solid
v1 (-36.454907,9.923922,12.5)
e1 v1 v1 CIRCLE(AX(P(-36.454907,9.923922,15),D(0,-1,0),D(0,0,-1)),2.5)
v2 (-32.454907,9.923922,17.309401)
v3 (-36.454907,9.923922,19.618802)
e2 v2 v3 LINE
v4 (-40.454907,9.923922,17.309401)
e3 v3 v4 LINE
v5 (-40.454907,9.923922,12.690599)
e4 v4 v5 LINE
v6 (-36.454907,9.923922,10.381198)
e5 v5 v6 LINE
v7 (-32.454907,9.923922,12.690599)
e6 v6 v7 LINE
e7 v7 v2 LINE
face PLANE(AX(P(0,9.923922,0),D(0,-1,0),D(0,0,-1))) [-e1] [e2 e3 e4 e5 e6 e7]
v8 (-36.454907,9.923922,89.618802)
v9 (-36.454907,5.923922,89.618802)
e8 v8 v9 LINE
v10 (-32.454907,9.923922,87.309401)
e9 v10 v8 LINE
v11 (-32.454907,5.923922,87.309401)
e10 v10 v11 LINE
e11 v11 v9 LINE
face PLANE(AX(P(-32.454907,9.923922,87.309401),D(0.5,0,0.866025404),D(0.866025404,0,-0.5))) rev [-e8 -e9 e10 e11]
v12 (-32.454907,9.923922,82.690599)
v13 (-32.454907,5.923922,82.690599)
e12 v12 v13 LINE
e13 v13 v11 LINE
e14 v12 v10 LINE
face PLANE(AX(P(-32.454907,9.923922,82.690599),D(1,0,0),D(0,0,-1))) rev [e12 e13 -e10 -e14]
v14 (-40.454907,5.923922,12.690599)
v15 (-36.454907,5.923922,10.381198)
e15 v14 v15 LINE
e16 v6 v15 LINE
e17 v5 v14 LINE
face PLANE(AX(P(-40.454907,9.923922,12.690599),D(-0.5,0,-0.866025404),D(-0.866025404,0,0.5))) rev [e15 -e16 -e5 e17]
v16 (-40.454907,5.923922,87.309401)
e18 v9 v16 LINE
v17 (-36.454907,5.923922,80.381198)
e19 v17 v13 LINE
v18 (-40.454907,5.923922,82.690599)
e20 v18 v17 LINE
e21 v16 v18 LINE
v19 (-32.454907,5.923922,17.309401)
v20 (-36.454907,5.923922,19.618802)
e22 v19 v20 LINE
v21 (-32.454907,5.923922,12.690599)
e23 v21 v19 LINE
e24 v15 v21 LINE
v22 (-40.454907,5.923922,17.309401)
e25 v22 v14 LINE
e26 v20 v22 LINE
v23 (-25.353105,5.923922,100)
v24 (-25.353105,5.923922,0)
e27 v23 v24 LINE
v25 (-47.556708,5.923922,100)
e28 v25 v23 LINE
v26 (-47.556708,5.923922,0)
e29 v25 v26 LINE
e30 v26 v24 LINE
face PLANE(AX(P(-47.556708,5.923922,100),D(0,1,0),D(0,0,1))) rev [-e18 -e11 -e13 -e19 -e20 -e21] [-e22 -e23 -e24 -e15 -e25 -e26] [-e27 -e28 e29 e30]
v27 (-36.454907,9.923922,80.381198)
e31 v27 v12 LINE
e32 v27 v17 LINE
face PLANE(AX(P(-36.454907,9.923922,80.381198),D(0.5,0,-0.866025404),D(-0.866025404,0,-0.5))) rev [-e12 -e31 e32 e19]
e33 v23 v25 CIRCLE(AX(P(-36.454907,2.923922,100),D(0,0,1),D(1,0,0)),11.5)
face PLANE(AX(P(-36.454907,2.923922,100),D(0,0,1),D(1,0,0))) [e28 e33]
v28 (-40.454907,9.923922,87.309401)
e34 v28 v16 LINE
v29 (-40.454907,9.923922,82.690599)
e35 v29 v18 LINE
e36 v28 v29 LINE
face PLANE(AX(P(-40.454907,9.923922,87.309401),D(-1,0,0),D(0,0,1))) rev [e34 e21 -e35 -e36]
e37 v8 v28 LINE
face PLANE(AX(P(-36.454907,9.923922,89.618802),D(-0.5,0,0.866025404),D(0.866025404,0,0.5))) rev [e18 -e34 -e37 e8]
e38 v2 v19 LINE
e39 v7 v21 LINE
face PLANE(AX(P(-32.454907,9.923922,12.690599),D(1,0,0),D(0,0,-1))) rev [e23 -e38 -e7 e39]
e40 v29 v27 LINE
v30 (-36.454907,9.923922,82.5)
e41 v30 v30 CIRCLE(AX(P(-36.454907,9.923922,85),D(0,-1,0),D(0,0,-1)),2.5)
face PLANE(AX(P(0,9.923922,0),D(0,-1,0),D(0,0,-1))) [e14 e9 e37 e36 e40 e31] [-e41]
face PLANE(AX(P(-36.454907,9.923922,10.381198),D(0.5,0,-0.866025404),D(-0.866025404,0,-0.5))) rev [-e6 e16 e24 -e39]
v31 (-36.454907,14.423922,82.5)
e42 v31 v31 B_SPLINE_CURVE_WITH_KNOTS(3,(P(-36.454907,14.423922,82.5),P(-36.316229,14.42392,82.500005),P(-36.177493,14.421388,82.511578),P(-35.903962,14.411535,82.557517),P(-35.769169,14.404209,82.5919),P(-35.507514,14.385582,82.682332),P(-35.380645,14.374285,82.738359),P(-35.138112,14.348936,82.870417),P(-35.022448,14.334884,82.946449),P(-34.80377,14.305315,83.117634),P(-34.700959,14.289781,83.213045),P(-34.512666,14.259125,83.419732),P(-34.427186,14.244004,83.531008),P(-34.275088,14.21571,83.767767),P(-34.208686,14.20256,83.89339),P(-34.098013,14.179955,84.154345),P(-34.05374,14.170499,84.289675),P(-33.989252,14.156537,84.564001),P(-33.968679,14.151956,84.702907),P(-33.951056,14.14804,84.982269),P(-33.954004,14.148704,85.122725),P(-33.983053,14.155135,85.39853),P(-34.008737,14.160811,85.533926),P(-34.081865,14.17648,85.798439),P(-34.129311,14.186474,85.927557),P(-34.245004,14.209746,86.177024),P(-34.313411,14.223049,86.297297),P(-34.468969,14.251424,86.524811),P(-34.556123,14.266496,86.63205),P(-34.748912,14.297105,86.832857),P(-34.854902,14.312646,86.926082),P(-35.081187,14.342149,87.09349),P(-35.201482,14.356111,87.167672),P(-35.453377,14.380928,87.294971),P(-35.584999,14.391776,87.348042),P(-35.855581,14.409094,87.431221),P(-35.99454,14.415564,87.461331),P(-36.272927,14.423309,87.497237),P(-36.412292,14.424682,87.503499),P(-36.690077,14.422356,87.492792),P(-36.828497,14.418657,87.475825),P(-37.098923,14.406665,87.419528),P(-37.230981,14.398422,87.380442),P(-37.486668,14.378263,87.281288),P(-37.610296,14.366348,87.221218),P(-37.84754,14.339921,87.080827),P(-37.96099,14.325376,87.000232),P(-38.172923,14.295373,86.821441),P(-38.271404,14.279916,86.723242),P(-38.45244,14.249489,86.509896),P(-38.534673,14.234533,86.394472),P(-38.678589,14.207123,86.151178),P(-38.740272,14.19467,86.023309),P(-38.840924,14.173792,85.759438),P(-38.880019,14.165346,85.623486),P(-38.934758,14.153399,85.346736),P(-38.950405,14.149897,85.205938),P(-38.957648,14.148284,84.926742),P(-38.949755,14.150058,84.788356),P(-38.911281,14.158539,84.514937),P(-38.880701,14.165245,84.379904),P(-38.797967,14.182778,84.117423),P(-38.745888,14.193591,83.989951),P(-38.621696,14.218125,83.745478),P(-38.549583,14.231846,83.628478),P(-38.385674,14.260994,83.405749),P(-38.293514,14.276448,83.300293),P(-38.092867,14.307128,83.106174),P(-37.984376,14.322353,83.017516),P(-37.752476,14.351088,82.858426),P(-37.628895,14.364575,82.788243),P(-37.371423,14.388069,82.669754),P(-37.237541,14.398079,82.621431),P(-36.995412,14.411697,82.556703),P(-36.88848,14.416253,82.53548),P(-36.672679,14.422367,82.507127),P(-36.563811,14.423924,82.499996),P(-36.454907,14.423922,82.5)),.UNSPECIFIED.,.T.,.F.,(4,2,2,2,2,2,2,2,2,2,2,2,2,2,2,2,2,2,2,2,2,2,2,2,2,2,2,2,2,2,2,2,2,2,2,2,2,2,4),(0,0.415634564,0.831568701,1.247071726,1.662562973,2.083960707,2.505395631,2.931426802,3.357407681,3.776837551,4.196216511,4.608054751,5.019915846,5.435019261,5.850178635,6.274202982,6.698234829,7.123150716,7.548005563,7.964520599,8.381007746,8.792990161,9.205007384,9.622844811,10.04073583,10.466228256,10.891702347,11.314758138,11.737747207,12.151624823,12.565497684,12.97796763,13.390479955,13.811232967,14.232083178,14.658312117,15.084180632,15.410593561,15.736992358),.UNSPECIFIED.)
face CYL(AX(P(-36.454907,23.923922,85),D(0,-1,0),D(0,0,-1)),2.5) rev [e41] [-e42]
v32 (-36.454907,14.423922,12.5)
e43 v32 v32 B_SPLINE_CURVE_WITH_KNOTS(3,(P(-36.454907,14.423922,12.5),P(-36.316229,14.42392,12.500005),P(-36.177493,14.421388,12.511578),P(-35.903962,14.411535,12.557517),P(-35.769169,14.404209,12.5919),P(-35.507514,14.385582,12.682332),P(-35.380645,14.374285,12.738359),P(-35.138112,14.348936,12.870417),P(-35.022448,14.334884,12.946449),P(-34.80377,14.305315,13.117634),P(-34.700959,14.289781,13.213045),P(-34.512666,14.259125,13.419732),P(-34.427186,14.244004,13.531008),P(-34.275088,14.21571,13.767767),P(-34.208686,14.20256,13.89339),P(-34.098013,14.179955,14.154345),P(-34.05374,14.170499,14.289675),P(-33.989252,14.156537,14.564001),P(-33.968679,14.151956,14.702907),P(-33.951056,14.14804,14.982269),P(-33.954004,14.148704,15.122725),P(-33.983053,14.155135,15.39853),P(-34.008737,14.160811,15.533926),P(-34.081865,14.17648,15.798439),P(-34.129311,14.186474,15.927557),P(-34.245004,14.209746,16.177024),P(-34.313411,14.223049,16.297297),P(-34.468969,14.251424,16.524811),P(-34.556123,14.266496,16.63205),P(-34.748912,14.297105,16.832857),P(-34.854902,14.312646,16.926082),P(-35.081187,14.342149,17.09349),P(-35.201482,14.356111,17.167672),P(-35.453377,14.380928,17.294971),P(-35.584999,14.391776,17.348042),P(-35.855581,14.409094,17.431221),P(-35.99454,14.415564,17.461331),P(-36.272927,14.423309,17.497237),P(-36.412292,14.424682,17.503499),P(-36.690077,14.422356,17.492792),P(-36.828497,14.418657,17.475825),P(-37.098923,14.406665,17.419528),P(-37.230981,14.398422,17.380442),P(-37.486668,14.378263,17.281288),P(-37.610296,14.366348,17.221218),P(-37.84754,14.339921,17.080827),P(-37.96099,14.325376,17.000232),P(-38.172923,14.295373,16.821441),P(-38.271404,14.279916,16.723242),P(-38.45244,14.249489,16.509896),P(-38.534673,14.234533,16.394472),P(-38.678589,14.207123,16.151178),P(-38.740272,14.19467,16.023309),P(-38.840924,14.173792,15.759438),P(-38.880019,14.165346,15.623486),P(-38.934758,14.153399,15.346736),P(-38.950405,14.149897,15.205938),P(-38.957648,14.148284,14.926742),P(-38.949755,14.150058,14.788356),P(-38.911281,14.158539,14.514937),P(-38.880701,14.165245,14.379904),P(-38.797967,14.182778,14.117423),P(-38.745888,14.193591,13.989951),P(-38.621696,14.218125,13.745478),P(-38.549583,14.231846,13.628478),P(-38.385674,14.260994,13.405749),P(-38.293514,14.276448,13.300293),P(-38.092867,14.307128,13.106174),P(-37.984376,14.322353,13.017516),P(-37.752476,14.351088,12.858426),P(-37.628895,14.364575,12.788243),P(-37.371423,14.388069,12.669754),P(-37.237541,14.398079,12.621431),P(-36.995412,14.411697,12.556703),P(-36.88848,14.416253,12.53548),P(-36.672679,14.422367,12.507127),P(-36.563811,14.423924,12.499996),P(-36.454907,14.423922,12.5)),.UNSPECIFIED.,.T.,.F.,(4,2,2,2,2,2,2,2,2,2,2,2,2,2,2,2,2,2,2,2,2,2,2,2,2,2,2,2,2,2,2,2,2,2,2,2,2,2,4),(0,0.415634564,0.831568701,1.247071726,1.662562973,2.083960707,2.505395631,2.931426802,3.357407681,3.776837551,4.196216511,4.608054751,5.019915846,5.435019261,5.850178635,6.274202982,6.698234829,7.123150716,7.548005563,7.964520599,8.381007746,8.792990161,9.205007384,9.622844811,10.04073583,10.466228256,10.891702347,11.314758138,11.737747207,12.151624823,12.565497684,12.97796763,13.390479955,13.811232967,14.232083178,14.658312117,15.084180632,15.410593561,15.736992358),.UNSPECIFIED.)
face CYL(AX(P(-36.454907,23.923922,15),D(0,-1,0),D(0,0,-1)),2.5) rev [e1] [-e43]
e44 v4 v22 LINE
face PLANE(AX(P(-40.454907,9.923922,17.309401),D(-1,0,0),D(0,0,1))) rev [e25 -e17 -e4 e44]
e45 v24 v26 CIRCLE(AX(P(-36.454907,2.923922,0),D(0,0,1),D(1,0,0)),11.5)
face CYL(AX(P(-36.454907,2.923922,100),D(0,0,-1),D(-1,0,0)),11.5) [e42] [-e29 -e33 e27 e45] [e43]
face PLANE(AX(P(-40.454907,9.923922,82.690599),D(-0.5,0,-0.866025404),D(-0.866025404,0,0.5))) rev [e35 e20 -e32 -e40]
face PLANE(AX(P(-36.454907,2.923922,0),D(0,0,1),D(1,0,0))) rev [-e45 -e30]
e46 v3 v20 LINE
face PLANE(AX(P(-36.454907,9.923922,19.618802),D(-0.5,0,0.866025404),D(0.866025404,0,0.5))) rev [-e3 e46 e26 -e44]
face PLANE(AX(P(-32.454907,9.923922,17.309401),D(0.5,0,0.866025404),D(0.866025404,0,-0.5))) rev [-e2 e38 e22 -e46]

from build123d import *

# Parameters (mm, degrees)
SALIENTE_EXTRUIR1_DEPTH = 100
CORTAR_EXTRUIR1_DEPTH   = 4
CROQUIS3_R              = 2.5
CORTAR_EXTRUIR2_DEPTH   = 14


with BuildPart() as part:
    # Croquis1 → Saliente-Extruir1 (new body)
    with BuildSketch(Plane.XY):
        with BuildLine():
            Line((-47.556708367, 5.923922341), (-25.353105055, 5.923922341))
            ThreePointArc((-25.353105055, 5.923922341), (-36.454906711, 14.423922341), (-47.556708367, 5.923922341))
        make_face()
    extrude(amount=SALIENTE_EXTRUIR1_DEPTH)

    # Croquis2 → Cortar-Extruir1 (cut)
    with BuildSketch(Plane.XZ.offset(-5.923922341)):
        Polygon((-36.454906711, 80.381197846), (-32.454906711, 82.690598923), (-32.454906711, 87.309401077), (-36.454906711, 89.618802154), (-40.454906711, 87.309401077), (-40.454906711, 82.690598923), align=None)
        Polygon((-36.454906711, 10.381197846), (-32.454906711, 12.690598923), (-32.454906711, 17.309401077), (-36.454906711, 19.618802154), (-40.454906711, 17.309401077), (-40.454906711, 12.690598923), align=None)
    extrude(amount=-CORTAR_EXTRUIR1_DEPTH, mode=Mode.SUBTRACT)

    # Croquis3 → Cortar-Extruir2 (cut)
    with BuildSketch(Plane.XZ.offset(-9.923922341)):
        with Locations((-36.454906711, 15)):
            Circle(CROQUIS3_R)
        with Locations((-36.454906711, 85)):
            Circle(CROQUIS3_R)
    extrude(amount=-CORTAR_EXTRUIR2_DEPTH, mode=Mode.SUBTRACT)


solid = part.part
